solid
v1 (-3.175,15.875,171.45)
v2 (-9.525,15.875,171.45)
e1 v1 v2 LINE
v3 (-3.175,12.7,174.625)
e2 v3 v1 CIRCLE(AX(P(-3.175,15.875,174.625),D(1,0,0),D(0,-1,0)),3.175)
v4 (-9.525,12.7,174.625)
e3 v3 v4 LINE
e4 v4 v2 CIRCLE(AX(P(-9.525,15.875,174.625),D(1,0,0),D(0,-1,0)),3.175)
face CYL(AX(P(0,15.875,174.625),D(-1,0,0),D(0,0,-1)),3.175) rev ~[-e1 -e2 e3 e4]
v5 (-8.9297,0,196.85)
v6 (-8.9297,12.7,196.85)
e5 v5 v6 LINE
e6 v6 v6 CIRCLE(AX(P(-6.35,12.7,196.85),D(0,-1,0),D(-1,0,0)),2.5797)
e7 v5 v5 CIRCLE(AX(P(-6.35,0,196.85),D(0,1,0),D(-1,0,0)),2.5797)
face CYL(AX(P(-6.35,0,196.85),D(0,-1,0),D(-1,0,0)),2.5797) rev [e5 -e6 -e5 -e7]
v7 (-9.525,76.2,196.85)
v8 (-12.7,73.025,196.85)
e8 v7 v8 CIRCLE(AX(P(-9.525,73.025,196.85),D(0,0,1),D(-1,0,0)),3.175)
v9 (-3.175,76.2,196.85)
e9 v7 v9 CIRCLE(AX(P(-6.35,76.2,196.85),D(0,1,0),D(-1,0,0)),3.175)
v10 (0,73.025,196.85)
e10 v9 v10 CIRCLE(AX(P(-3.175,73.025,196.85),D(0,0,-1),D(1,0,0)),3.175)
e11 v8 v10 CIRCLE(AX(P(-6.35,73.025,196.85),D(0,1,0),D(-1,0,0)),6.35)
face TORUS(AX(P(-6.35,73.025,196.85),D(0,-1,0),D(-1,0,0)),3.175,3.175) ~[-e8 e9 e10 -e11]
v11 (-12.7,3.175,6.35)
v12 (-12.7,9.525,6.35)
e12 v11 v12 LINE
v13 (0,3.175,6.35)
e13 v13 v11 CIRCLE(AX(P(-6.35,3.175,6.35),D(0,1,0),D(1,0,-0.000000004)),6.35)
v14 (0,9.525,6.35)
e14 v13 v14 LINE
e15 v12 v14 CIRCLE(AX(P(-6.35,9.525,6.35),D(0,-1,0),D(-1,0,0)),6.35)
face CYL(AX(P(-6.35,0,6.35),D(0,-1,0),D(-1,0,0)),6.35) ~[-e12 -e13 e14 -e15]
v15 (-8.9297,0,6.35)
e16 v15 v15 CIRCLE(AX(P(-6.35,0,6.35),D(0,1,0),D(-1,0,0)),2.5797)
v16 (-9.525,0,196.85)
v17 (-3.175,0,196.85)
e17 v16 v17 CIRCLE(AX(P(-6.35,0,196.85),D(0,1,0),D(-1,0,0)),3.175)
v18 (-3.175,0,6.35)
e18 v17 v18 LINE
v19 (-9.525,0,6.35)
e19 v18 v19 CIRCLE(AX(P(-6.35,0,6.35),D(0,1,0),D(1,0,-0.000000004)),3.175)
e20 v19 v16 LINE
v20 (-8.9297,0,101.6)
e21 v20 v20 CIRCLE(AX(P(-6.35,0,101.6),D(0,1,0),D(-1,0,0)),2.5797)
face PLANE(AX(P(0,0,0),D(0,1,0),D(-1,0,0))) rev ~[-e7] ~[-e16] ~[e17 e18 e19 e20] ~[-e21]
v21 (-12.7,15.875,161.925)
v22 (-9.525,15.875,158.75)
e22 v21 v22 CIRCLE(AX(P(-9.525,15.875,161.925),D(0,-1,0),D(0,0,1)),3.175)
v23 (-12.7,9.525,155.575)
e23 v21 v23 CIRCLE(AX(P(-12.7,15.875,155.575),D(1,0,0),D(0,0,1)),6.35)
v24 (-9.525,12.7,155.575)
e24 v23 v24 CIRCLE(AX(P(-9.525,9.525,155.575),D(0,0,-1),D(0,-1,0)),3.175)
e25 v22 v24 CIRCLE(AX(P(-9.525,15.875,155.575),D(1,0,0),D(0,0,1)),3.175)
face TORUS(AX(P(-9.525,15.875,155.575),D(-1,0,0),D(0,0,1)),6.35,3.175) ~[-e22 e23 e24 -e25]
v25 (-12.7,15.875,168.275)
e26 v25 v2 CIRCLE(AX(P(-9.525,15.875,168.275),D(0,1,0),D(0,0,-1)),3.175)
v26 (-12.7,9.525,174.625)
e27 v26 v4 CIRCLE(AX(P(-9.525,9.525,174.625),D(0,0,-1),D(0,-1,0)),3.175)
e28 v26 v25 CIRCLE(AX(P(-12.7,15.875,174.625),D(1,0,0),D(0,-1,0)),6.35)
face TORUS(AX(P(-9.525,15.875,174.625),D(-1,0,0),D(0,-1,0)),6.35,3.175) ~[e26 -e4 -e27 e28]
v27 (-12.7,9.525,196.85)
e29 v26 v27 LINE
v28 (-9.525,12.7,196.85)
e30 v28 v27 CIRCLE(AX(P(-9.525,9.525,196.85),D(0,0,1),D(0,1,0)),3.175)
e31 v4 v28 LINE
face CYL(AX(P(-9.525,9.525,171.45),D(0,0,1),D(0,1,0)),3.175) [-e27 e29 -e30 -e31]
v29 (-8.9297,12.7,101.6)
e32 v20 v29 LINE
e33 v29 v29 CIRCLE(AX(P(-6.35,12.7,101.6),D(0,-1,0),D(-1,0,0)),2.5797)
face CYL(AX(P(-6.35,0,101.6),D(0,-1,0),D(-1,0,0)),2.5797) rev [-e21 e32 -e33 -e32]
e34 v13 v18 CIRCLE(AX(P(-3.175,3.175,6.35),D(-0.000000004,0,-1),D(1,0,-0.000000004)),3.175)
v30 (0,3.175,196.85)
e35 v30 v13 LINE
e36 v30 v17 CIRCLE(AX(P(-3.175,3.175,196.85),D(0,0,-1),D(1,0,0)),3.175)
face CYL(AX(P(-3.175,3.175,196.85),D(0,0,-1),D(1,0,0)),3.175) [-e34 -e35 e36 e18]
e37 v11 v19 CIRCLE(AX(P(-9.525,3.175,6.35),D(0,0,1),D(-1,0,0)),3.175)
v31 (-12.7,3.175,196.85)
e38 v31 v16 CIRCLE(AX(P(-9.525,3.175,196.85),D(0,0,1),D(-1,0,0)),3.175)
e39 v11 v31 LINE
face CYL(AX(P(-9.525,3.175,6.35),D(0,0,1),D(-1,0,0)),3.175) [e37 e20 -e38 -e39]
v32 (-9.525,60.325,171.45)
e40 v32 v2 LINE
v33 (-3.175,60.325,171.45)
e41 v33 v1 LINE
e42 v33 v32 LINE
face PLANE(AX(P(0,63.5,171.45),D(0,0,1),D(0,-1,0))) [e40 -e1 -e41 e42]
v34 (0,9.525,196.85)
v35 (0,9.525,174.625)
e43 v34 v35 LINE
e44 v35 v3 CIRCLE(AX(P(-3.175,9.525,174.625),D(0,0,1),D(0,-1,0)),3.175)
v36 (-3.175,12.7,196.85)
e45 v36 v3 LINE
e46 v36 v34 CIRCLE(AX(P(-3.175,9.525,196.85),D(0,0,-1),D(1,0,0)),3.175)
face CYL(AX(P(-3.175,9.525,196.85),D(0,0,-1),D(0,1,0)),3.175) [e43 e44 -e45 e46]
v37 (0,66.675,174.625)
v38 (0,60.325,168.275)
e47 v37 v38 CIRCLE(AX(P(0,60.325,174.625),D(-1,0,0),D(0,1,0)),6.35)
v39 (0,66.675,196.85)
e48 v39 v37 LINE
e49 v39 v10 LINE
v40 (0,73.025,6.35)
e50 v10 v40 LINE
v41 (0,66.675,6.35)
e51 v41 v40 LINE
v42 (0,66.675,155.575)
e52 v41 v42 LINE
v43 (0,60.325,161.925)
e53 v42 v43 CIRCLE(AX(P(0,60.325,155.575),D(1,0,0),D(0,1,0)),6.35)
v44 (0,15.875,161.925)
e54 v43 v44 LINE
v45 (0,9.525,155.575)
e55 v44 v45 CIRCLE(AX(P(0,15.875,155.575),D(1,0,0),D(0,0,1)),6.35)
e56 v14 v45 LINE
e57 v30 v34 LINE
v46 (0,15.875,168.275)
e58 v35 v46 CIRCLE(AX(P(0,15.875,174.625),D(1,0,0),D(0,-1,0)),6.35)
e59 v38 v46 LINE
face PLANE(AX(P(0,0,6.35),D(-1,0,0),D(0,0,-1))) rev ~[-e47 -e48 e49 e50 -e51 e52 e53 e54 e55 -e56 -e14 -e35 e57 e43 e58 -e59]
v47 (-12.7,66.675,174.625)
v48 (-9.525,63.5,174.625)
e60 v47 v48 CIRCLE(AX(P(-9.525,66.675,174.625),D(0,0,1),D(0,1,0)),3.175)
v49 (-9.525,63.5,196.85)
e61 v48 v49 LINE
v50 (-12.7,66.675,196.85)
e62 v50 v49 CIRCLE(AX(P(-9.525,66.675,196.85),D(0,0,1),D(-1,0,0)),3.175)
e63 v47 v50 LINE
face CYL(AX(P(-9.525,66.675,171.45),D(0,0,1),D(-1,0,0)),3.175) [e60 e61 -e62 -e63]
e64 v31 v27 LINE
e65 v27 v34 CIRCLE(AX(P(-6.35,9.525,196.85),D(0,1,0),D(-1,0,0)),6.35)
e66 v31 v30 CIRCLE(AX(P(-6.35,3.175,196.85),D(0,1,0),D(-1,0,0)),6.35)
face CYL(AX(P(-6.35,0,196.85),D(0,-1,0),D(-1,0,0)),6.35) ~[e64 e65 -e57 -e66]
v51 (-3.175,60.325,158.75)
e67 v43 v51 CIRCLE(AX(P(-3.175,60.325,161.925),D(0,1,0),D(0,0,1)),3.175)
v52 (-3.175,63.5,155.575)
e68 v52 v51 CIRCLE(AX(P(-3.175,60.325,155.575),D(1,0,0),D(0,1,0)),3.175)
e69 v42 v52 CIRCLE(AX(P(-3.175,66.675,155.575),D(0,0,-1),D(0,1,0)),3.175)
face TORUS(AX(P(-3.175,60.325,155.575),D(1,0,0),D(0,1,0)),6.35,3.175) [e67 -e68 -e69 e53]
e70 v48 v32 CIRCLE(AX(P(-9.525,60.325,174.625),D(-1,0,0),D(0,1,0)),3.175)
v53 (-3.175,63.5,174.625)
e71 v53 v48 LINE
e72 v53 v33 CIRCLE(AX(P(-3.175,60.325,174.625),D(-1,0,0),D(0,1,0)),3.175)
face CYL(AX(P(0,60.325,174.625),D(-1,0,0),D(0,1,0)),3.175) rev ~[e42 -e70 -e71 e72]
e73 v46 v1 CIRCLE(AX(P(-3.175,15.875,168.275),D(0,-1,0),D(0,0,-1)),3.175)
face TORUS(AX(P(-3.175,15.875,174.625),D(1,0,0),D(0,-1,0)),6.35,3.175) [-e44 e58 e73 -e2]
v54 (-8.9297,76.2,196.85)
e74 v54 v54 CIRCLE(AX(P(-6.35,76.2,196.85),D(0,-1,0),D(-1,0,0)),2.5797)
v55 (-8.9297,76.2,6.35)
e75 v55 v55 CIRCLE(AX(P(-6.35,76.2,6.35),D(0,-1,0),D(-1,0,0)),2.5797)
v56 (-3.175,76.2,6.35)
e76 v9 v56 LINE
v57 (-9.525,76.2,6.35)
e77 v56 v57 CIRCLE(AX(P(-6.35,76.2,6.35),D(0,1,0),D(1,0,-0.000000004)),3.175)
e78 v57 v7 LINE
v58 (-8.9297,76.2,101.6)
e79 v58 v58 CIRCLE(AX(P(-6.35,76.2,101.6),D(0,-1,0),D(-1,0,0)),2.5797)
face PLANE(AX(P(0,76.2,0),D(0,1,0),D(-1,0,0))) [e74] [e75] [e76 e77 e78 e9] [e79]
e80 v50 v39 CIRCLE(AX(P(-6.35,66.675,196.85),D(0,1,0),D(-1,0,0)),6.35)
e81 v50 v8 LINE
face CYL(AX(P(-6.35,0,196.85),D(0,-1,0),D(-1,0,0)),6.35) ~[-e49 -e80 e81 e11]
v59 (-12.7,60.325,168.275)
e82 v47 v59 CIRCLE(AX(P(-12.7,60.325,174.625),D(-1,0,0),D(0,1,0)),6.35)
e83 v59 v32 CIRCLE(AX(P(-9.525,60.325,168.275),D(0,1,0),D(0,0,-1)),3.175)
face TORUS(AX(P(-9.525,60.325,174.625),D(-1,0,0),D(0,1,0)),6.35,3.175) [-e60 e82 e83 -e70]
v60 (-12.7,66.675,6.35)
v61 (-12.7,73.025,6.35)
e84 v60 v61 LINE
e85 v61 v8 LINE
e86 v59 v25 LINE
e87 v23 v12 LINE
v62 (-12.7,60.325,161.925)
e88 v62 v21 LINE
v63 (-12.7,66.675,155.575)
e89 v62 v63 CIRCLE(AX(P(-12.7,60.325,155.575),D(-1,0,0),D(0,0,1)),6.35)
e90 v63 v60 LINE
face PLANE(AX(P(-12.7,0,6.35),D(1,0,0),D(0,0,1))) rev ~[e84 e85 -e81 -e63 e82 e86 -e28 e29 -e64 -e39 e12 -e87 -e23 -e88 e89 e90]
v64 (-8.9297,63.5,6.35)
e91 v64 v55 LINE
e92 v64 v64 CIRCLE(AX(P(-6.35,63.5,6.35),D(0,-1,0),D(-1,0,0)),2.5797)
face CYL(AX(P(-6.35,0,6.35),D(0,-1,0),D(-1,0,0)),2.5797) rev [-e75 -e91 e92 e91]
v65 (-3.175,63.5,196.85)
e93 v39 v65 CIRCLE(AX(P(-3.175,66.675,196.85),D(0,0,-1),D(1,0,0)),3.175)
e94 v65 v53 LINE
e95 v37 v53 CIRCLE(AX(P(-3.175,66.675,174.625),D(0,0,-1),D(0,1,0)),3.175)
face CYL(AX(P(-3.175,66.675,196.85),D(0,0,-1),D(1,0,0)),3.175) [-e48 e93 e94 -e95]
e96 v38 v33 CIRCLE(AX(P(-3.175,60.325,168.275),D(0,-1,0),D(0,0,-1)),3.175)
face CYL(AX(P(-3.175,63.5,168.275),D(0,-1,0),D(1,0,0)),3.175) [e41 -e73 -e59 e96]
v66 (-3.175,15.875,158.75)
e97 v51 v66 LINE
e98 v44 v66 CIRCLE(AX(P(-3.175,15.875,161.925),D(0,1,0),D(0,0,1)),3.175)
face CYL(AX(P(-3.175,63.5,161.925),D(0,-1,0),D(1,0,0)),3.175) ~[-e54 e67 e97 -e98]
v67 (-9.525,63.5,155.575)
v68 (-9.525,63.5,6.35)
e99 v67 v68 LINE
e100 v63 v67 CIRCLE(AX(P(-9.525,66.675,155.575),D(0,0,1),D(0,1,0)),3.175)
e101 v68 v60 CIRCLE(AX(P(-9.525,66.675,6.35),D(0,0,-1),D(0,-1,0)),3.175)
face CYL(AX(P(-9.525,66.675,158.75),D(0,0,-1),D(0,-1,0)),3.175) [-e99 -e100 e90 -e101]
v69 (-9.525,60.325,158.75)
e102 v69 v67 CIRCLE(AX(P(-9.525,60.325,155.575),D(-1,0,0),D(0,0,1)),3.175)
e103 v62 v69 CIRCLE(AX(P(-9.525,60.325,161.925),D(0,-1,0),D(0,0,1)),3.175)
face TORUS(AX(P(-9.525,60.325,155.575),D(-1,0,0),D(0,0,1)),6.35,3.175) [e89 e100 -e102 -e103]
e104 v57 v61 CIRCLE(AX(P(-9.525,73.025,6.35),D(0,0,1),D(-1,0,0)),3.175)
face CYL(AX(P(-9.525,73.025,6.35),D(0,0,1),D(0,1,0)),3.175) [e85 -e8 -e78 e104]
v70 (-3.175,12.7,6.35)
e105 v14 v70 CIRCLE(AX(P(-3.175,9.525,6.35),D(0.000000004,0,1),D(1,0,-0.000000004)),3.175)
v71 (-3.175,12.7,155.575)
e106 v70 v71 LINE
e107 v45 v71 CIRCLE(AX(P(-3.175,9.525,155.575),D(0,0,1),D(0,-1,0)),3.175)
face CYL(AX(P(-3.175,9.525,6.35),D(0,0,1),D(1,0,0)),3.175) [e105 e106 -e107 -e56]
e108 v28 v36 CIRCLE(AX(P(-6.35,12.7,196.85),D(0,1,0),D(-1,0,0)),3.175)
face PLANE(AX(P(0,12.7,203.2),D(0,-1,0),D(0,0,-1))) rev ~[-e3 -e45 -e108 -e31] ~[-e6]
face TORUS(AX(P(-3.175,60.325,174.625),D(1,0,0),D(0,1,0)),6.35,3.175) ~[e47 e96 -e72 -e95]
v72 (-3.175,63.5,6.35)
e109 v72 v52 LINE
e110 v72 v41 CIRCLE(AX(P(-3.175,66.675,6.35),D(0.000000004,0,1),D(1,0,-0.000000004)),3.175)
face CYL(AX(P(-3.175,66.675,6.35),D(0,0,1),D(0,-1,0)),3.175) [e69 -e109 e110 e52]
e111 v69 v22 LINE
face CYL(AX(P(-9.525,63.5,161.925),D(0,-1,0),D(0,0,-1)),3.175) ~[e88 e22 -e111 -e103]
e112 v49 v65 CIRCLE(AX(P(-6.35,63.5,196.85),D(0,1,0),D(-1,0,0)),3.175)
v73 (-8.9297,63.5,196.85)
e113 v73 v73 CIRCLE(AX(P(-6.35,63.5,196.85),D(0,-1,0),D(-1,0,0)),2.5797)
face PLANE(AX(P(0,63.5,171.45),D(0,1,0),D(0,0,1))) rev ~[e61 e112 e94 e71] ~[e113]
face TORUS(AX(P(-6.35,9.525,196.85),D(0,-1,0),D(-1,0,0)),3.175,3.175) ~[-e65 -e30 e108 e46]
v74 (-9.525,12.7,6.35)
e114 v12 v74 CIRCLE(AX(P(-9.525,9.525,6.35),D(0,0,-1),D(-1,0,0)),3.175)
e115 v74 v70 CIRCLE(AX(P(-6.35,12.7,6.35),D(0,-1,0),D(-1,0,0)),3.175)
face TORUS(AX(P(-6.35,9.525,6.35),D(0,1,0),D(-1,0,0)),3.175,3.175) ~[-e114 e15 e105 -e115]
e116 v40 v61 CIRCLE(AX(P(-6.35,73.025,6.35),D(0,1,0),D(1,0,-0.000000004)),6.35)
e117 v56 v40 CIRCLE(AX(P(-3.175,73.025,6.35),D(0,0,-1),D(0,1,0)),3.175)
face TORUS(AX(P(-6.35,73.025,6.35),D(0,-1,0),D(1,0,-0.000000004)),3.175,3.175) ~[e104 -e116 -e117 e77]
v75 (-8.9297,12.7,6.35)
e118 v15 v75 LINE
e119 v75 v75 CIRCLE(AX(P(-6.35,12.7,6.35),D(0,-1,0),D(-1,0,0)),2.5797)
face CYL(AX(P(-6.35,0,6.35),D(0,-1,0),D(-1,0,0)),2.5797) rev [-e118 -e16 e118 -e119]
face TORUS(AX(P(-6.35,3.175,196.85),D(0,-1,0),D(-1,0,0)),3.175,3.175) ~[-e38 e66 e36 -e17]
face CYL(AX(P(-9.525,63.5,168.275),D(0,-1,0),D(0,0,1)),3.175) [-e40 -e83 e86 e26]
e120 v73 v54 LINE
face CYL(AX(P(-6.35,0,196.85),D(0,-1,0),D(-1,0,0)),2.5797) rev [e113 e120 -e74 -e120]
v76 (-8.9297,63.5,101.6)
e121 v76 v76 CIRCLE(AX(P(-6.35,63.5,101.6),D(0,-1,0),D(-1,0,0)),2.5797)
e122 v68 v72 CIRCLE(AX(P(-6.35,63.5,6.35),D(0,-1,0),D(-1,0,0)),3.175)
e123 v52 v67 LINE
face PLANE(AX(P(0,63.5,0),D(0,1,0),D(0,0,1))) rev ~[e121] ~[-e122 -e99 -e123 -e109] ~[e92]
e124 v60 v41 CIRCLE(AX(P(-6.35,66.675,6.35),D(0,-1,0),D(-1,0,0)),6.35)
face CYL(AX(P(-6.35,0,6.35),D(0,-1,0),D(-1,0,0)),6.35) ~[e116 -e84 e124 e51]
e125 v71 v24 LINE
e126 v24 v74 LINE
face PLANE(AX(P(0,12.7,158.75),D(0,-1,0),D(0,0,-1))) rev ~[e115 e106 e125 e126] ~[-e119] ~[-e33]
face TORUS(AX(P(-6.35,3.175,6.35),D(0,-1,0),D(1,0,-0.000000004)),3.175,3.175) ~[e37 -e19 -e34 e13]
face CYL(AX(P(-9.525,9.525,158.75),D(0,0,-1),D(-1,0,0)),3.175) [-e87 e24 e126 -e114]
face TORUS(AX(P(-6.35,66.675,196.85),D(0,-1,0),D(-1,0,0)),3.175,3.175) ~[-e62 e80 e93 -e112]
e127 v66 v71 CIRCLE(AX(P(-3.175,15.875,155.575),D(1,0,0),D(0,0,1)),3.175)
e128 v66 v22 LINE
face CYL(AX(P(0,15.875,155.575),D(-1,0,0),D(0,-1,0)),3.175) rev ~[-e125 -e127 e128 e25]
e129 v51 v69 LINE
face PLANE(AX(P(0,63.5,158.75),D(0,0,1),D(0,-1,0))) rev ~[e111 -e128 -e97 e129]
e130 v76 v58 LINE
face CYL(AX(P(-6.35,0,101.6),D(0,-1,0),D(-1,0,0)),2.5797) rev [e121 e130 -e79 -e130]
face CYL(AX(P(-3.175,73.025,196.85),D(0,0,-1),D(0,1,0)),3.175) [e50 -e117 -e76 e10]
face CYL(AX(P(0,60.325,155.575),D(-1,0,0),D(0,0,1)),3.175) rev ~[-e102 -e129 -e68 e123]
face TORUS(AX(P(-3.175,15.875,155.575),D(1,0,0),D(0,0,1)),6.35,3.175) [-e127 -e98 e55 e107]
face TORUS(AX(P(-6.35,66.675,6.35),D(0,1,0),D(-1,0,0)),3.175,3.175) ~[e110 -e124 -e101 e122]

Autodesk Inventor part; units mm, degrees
ref_plane "YZ Plane" through (0, 0, 0) normal (1, 0, 0) x (0, 1, 0)
ref_plane "XZ Plane" through (0, 0, 0) normal (0, 1, 0) x (-1, 0, 0)
ref_plane "XY Plane" through (0, 0, 0) normal (0, 0, 1) x (1, 0, 0)
sketch "Sketch1" plane through (0, 0, 0) normal (0, 1, 0) x (-1, 0, 0)
  line L0 (0, 0) -> (12.7, 0)
  line L1 (12.7, 0) -> (12.7, 203.2)
  line L2 (12.7, 203.2) -> (0, 203.2)
  line L3 (0, 203.2) -> (0, 0)
  circle A0 centre (6.35, 6.35) radius 2.5797
  circle A1 centre (6.35, 196.85) radius 2.5797
  circle A2 centre (6.35, 101.6) radius 2.5797
  circle A3 centre (6.35, 196.85) radius 6.35
  circle A4 centre (6.35, 6.35) radius 6.35
  point P0 (0, 6.35)
  point P1 (12.7, 6.35)
  point P2 (12.7, 196.85)
  point P3 (0, 196.85)
  point P4 (6.35, 203.2)
  point P5 (6.35, 0)
  dimension "d0" = 12.7
  dimension "d1" = 203.2
  dimension "d2" = 6.35
  dimension "d3" = 6.35
  dimension "d4" = 5.1594
  dimension "d5" = 6.35
  dimension "d6" = 5.1594
  dimension "d7" = 6.35
  dimension "d19" = 5.1594
  dimension "d20" = 6.35
  dimension "d21" = 101.6
extrude "Extrusion1" add sketch "Sketch1" along normal blind 76.2 contours L3 A4 L0 | A4 L1 L0 | A4 | L3 A3 L1 A4 | L3 L2 A3 | A3 | A3 L2 L1 | A0 | A1 | A2
sketch "Sketch3" plane through (0, 0, 203.2) normal (1, 0, 0) x (0, 0, -1)
  line L0 (0, 0) -> (0, 76.2) projected
  line L1 (203.2, 76.2) -> (0, 76.2) projected
  line L2 (0, 0) -> (203.2, 0)
  line L3 (203.2, 0) -> (203.2, 76.2)
  line L4 (203.2, 76.2) -> (0, 76.2)
  line L5 (0, 76.2) -> (0, 0)
  line L6 (203.2, 0) -> (203.2, 76.2) projected
  line L7 (203.2, 63.5) -> (0, 63.5)
  line L8 (0, 63.5) -> (0, 12.7)
  line L9 (0, 12.7) -> (203.2, 12.7)
  line L10 (203.2, 12.7) -> (203.2, 63.5)
  line L11 (0, 63.5) -> (31.75, 63.5)
  line L12 (31.75, 63.5) -> (31.75, 12.7)
  line L13 (31.75, 12.7) -> (0, 12.7)
  line L14 (0, 12.7) -> (0, 63.5)
  line L15 (31.75, 63.5) -> (44.45, 63.5)
  line L16 (44.45, 63.5) -> (44.45, 12.7)
  line L17 (44.45, 12.7) -> (31.75, 12.7)
  line L18 (31.75, 12.7) -> (31.75, 63.5)
  point P0 (44.45, 63.5)
  point P1 (31.75, 63.5)
  point P2 (0, 63.5)
  point P3 (0, 12.7)
  dimension "d27" = 50.8
  dimension "d28" = 12.7
  dimension "d29" = 31.75
  dimension "d30" = 12.7
extrude "Extrusion3" cut sketch "Sketch3" against normal through all contours L0 L7 L12 L9 | L9 L16 L7 L3
extrude "Extrusion4" cut sketch "Sketch1" along normal through all contours L3 A4 L0 | A4 L1 L0 | L3 L2 A3 | A3 L2 L1 | A0 | A1 | A2
fillet "Fillet2" radius 3.175 28 edges at (-12.7, 38.1, 158.75) (-6.35, 0, 0) (-12.7, 0, 101.6) (-6.35, 0, 203.2) (0, 0, 101.6) (-6.35, 76.2, 203.2) (0, 76.2, 101.6) (-6.35, 76.2, 0) (-12.7, 76.2, 101.6) (-6.35, 63.5, 0) (-12.7, 63.5, 82.55) (0, 63.5, 82.55) (-6.35, 12.7, 0) (0, 12.7, 82.55) (-12.7, 12.7, 82.55) (-6.35, 12.7, 158.75) (0, 38.1, 158.75) (-12.7, 38.1, 171.45) (-6.35, 12.7, 171.45) (-6.35, 63.5, 171.45) (-6.35, 12.7, 203.2) (0, 12.7, 184.15) (-12.7, 12.7, 184.15) (-6.35, 63.5, 203.2) (0, 63.5, 184.15) (-12.7, 63.5, 184.15) (0, 38.1, 171.45) (-6.35, 63.5, 158.75)
equation "\"d21\" = 0.5 * d1"
properties part number "inner swing"
